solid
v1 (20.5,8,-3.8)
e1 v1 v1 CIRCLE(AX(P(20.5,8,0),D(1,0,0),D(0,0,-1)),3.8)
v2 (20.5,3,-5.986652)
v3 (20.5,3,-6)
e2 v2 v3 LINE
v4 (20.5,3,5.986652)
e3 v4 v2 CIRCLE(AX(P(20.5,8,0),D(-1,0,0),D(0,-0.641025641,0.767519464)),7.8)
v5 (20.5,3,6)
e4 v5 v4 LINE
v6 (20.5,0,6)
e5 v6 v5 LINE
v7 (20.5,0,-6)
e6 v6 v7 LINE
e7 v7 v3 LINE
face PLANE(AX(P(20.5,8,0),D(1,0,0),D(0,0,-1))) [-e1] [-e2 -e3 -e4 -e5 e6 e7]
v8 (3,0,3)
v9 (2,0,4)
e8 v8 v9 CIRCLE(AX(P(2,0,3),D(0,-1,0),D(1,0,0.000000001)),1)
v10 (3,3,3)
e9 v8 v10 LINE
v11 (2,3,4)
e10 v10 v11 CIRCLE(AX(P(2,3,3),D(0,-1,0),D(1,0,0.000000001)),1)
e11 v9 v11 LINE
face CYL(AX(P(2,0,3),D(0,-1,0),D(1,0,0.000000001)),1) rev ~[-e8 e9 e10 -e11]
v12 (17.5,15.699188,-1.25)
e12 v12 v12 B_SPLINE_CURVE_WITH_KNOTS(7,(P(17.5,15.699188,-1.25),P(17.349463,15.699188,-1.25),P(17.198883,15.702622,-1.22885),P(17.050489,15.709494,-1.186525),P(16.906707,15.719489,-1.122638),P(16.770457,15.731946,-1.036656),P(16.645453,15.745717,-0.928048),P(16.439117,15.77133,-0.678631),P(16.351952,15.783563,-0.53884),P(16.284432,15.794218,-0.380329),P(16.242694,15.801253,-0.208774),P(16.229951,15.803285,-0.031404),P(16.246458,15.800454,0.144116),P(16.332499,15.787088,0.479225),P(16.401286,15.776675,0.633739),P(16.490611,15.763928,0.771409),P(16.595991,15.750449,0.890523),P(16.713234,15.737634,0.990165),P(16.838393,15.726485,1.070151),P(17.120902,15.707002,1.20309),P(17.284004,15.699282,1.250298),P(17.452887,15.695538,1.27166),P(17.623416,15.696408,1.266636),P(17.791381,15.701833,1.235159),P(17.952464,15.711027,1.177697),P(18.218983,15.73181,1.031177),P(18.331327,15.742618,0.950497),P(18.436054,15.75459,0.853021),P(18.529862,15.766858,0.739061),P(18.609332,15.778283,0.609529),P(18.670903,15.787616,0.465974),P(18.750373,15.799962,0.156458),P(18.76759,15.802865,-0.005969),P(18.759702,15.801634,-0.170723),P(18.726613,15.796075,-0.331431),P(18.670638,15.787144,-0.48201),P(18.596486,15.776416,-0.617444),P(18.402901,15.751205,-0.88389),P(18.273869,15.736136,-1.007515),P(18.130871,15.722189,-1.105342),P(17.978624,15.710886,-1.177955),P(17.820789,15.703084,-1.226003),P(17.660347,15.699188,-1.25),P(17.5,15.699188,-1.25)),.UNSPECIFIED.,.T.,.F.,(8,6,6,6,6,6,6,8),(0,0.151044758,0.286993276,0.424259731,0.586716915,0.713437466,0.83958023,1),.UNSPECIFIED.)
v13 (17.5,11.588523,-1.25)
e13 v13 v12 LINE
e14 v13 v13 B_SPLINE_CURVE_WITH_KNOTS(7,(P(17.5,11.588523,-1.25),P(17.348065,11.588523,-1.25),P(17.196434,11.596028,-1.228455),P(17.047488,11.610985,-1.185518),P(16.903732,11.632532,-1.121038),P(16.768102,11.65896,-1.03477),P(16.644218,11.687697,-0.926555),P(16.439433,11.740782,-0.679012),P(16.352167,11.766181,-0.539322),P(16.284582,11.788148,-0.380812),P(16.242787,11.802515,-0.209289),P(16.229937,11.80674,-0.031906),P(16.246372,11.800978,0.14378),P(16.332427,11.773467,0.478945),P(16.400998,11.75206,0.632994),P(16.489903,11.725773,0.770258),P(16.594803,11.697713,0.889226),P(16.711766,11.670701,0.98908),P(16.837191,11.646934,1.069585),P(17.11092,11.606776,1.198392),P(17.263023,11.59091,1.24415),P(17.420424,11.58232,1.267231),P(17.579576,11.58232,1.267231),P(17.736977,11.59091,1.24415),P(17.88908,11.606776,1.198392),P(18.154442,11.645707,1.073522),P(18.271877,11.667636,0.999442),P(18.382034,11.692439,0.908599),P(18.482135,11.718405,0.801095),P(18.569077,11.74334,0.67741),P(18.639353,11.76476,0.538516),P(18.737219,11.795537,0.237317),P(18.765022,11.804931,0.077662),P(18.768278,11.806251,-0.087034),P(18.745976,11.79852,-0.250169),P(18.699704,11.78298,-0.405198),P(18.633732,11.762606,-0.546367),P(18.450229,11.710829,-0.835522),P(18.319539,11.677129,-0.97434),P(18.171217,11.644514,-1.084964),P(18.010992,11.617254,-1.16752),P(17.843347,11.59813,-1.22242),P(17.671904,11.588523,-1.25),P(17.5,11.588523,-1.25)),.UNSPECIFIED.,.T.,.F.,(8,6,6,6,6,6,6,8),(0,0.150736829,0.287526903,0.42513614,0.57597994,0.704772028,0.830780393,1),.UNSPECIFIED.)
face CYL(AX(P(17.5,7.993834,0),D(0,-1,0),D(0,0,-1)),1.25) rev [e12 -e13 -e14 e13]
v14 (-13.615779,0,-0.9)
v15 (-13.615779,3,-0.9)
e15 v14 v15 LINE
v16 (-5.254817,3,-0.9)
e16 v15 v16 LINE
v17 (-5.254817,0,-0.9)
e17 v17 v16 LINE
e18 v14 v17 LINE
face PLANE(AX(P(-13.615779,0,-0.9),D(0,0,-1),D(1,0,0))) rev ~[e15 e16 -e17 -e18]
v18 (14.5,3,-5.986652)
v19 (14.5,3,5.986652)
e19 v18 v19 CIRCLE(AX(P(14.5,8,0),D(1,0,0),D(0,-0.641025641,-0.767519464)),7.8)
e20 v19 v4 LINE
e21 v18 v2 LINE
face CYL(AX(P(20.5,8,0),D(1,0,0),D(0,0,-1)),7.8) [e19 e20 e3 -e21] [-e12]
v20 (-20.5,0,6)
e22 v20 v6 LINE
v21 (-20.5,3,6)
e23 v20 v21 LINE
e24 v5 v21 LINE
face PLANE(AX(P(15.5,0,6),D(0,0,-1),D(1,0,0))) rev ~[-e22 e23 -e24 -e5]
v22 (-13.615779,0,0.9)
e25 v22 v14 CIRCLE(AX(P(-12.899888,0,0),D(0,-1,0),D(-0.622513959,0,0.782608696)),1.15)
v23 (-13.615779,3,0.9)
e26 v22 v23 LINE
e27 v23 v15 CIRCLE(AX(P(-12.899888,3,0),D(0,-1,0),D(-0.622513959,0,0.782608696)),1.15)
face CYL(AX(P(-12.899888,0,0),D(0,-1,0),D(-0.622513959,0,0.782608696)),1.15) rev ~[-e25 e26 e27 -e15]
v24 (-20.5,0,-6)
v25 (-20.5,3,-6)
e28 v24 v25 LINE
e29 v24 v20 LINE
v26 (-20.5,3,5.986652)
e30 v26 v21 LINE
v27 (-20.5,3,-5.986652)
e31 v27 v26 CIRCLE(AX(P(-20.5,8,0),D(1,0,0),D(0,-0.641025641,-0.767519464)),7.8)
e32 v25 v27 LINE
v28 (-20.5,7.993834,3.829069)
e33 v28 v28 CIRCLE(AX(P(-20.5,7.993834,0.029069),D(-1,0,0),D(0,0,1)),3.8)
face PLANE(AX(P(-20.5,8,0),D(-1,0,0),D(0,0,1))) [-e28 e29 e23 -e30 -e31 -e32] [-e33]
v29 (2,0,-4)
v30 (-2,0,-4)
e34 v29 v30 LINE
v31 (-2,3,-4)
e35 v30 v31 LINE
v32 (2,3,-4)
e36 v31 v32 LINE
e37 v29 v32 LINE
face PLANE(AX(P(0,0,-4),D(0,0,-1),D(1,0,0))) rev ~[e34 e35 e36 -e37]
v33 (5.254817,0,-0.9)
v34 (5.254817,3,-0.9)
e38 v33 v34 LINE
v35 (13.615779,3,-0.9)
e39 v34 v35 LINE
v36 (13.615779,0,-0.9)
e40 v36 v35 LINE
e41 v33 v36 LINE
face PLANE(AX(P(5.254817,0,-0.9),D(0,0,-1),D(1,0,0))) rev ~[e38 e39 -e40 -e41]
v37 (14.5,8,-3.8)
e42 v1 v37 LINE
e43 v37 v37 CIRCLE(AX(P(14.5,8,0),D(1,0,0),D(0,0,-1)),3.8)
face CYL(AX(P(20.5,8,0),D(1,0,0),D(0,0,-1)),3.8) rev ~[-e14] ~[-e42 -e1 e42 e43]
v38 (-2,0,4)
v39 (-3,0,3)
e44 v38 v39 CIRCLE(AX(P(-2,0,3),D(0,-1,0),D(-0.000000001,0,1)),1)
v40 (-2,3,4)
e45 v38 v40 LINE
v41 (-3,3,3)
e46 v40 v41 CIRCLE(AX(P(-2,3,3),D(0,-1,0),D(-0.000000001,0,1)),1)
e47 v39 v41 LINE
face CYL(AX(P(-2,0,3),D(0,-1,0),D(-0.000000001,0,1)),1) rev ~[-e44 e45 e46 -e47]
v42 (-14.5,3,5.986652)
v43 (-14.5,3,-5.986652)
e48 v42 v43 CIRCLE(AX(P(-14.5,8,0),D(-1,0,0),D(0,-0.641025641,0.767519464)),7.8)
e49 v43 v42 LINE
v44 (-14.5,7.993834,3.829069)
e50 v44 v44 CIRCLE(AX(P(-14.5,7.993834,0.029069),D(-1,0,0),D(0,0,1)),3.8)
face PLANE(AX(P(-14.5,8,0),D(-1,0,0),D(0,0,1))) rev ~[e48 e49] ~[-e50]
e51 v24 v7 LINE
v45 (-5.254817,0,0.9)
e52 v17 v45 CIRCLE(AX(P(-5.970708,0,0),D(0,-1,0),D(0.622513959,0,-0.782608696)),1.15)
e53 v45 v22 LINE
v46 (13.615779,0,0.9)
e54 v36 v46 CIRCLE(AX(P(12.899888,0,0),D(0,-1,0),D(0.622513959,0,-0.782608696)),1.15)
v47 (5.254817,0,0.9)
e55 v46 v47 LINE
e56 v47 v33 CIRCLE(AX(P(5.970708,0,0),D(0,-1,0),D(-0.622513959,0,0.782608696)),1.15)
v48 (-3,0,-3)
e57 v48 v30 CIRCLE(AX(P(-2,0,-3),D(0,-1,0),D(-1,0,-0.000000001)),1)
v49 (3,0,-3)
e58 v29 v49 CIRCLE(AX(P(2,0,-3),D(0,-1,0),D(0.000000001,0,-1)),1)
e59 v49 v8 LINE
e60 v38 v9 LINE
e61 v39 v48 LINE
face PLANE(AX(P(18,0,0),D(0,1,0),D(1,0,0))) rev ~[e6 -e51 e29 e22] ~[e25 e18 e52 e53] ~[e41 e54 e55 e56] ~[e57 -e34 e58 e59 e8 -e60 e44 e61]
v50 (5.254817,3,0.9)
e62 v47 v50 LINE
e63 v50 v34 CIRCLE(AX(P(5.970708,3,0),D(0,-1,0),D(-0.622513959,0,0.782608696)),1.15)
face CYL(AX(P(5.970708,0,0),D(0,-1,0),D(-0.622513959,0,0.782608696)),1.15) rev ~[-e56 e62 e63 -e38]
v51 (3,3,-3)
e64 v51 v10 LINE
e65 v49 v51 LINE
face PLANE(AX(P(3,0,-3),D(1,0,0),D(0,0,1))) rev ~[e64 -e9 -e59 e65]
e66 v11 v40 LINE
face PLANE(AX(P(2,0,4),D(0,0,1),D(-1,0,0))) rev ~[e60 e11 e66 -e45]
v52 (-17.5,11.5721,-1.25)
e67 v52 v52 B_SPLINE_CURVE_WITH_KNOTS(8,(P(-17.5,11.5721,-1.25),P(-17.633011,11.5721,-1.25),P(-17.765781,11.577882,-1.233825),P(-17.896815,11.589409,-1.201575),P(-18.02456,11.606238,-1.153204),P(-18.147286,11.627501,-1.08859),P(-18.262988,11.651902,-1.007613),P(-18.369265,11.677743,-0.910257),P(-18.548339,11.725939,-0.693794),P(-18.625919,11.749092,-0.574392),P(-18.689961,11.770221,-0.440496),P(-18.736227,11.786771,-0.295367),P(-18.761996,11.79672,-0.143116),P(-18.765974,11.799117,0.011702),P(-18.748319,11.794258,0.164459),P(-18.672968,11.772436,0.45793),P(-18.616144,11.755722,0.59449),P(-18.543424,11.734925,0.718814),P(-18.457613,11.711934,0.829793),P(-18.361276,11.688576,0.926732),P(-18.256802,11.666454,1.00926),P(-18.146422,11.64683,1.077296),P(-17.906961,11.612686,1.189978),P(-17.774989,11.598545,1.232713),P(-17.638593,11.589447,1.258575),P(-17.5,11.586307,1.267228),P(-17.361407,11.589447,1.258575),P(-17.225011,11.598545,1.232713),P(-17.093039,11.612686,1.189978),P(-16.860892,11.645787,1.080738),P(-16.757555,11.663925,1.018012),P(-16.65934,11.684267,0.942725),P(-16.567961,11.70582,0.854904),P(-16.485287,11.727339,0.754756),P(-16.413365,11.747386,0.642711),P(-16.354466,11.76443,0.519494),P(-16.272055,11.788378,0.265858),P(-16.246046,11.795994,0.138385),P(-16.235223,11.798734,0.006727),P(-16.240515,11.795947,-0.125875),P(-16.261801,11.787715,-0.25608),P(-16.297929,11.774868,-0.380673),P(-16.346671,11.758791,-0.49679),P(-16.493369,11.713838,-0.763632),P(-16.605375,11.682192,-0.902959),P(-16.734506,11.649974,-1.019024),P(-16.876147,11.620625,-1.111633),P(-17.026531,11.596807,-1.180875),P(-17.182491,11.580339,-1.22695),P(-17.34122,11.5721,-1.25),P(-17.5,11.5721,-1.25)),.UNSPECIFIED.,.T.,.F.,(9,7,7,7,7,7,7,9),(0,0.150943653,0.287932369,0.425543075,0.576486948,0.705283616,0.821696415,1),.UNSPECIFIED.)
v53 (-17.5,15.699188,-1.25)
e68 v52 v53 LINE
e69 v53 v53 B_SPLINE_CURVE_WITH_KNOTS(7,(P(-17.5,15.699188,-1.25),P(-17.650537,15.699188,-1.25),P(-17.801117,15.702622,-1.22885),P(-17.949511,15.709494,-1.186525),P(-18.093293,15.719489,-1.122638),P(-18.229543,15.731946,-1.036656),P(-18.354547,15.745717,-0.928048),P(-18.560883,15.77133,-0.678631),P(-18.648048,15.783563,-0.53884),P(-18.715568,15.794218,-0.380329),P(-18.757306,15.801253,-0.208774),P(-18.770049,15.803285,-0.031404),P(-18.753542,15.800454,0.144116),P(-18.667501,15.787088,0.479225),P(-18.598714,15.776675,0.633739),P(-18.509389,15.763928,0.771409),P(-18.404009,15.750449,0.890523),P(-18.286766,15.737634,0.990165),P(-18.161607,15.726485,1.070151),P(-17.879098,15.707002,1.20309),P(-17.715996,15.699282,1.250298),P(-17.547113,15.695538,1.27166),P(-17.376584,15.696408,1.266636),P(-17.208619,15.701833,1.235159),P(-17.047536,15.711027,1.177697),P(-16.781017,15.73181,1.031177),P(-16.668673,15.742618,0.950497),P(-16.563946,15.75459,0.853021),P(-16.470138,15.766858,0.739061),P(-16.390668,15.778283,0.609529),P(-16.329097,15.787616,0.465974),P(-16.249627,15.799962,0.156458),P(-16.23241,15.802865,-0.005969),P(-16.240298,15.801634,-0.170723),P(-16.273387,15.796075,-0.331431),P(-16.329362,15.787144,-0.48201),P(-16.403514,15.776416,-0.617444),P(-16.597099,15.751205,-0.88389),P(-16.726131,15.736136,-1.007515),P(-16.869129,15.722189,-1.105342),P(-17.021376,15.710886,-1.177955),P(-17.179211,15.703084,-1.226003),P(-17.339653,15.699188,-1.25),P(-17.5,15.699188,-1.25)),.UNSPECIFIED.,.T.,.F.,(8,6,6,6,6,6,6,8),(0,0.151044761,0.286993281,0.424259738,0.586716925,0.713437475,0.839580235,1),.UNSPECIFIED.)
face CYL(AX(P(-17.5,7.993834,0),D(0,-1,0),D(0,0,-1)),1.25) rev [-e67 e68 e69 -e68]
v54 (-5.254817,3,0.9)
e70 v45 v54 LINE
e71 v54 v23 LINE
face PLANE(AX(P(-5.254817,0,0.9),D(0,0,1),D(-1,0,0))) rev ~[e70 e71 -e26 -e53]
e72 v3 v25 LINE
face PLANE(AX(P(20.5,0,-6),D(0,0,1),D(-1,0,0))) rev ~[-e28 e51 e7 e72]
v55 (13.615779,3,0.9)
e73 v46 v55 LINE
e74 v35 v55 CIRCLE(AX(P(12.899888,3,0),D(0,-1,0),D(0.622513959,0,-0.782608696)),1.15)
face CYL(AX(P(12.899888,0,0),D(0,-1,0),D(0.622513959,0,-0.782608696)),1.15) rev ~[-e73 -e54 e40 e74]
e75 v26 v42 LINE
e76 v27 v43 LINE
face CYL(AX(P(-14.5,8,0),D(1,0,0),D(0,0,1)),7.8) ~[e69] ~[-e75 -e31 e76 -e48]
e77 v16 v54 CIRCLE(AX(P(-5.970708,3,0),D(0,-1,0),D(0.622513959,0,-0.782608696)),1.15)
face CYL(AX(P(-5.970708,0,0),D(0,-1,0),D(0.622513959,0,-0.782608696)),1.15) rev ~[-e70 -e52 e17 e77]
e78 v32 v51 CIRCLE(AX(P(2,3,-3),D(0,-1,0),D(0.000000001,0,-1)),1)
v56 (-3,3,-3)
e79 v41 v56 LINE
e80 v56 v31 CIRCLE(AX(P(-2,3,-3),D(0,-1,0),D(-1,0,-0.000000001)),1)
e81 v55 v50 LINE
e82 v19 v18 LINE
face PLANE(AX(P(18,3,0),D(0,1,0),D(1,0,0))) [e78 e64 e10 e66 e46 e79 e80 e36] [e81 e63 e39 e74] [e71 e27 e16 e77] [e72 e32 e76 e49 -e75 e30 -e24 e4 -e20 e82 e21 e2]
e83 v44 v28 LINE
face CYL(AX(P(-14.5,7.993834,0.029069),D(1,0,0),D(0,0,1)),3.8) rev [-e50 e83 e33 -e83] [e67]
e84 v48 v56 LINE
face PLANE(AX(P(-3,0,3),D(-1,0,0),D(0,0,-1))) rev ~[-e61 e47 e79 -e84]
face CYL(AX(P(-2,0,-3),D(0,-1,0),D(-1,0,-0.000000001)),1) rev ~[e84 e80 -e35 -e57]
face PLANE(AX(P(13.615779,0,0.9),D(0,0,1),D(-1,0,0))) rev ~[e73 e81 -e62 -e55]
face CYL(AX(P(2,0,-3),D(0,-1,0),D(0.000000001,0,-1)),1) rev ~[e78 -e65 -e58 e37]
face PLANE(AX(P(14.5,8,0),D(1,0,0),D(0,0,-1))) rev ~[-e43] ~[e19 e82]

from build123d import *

# Parameters (mm, degrees)
SKETCH_1_W           = 41
SKETCH_1_H           = 12
EXTRUDE_1_DEPTH      = 3
EXTRUDE_2_DEPTH      = 2.5
EXTRUDE_2_DEPTH_BACK = 3.5
SKETCH_2_R           = 7.8
SKETCH_2_R_2         = 3.8
SKETCH_4_R           = 7.8
SKETCH_4_R_2         = 3.8
EXTRUDE_3_DEPTH      = 6
SKETCH_7_R           = 1.25
CUT_EXTRUDE_1_DEPTH  = 16


with BuildPart() as part:
    # 草图1 → 凸台-拉伸1 (new body)
    with BuildSketch(Plane(origin=(0, 0, 0), x_dir=(1, 0, 0), z_dir=(0, 1, 0))):
        Rectangle(SKETCH_1_W, SKETCH_1_H)
        with BuildLine():
            ThreePointArc((13.615779121, 0.9), (14.049888068, 0), (13.615779121, -0.9))
            Line((13.615779121, -0.9), (5.254817408, -0.9))
            ThreePointArc((5.254817408, -0.9), (4.820708461, 0), (5.254817408, 0.9))
            Line((5.254817408, 0.9), (13.615779121, 0.9))
        make_face(mode=Mode.SUBTRACT)
        with BuildLine():
            Line((2, -4), (-2, -4))
            ThreePointArc((-2, -4), (-2.707106781, -3.707106781), (-3, -3))
            Line((-3, -3), (-3, 3))
            ThreePointArc((-3, 3), (-2.707106781, 3.707106781), (-2, 4))
            Line((-2, 4), (2, 4))
            ThreePointArc((2, 4), (2.707106781, 3.707106781), (3, 3))
            Line((3, 3), (3, -3))
            ThreePointArc((3, -3), (2.707106781, -3.707106781), (2, -4))
        make_face(mode=Mode.SUBTRACT)
        with BuildLine():
            Line((-13.615779121, 0.9), (-5.254817408, 0.9))
            ThreePointArc((-5.254817408, 0.9), (-4.820708461, 0), (-5.254817408, -0.9))
            Line((-5.254817408, -0.9), (-13.615779121, -0.9))
            ThreePointArc((-13.615779121, -0.9), (-14.049888068, 0), (-13.615779121, 0.9))
        make_face(mode=Mode.SUBTRACT)
    extrude(amount=EXTRUDE_1_DEPTH)

    # 草图2 → 凸台-拉伸2 (add, two sides: drawn at the far end of the back side and taken through both)
    with BuildSketch(Plane.ZY.offset(18).offset(-EXTRUDE_2_DEPTH_BACK)):
        with Locations((0, 8)):
            Circle(SKETCH_2_R)
        with Locations((0.029069435, 7.993834456)):
            Circle(SKETCH_2_R_2, mode=Mode.SUBTRACT)
    extrude(amount=EXTRUDE_2_DEPTH + EXTRUDE_2_DEPTH_BACK)

    # 草图4 → 凸台-拉伸3 (add)
    with BuildSketch(Plane(origin=(20.5, 0, 0), x_dir=(0, 0, -1), z_dir=(1, 0, 0))):
        with Locations((0, 8)):
            Circle(SKETCH_4_R)
        with Locations((0, 8)):
            Circle(SKETCH_4_R_2, mode=Mode.SUBTRACT)
    extrude(amount=-EXTRUDE_3_DEPTH)

    # 草图7 → 切除-拉伸1 (cut)
    with BuildSketch(Plane(origin=(0, 7.993834456, 0), x_dir=(1, 0, 0), z_dir=(0, 1, 0))):
        with Locations((-17.5, 0)):
            Circle(SKETCH_7_R)
        with Locations((17.5, 0)):
            Circle(SKETCH_7_R)
    extrude(amount=CUT_EXTRUDE_1_DEPTH, mode=Mode.SUBTRACT)


solid = part.part
